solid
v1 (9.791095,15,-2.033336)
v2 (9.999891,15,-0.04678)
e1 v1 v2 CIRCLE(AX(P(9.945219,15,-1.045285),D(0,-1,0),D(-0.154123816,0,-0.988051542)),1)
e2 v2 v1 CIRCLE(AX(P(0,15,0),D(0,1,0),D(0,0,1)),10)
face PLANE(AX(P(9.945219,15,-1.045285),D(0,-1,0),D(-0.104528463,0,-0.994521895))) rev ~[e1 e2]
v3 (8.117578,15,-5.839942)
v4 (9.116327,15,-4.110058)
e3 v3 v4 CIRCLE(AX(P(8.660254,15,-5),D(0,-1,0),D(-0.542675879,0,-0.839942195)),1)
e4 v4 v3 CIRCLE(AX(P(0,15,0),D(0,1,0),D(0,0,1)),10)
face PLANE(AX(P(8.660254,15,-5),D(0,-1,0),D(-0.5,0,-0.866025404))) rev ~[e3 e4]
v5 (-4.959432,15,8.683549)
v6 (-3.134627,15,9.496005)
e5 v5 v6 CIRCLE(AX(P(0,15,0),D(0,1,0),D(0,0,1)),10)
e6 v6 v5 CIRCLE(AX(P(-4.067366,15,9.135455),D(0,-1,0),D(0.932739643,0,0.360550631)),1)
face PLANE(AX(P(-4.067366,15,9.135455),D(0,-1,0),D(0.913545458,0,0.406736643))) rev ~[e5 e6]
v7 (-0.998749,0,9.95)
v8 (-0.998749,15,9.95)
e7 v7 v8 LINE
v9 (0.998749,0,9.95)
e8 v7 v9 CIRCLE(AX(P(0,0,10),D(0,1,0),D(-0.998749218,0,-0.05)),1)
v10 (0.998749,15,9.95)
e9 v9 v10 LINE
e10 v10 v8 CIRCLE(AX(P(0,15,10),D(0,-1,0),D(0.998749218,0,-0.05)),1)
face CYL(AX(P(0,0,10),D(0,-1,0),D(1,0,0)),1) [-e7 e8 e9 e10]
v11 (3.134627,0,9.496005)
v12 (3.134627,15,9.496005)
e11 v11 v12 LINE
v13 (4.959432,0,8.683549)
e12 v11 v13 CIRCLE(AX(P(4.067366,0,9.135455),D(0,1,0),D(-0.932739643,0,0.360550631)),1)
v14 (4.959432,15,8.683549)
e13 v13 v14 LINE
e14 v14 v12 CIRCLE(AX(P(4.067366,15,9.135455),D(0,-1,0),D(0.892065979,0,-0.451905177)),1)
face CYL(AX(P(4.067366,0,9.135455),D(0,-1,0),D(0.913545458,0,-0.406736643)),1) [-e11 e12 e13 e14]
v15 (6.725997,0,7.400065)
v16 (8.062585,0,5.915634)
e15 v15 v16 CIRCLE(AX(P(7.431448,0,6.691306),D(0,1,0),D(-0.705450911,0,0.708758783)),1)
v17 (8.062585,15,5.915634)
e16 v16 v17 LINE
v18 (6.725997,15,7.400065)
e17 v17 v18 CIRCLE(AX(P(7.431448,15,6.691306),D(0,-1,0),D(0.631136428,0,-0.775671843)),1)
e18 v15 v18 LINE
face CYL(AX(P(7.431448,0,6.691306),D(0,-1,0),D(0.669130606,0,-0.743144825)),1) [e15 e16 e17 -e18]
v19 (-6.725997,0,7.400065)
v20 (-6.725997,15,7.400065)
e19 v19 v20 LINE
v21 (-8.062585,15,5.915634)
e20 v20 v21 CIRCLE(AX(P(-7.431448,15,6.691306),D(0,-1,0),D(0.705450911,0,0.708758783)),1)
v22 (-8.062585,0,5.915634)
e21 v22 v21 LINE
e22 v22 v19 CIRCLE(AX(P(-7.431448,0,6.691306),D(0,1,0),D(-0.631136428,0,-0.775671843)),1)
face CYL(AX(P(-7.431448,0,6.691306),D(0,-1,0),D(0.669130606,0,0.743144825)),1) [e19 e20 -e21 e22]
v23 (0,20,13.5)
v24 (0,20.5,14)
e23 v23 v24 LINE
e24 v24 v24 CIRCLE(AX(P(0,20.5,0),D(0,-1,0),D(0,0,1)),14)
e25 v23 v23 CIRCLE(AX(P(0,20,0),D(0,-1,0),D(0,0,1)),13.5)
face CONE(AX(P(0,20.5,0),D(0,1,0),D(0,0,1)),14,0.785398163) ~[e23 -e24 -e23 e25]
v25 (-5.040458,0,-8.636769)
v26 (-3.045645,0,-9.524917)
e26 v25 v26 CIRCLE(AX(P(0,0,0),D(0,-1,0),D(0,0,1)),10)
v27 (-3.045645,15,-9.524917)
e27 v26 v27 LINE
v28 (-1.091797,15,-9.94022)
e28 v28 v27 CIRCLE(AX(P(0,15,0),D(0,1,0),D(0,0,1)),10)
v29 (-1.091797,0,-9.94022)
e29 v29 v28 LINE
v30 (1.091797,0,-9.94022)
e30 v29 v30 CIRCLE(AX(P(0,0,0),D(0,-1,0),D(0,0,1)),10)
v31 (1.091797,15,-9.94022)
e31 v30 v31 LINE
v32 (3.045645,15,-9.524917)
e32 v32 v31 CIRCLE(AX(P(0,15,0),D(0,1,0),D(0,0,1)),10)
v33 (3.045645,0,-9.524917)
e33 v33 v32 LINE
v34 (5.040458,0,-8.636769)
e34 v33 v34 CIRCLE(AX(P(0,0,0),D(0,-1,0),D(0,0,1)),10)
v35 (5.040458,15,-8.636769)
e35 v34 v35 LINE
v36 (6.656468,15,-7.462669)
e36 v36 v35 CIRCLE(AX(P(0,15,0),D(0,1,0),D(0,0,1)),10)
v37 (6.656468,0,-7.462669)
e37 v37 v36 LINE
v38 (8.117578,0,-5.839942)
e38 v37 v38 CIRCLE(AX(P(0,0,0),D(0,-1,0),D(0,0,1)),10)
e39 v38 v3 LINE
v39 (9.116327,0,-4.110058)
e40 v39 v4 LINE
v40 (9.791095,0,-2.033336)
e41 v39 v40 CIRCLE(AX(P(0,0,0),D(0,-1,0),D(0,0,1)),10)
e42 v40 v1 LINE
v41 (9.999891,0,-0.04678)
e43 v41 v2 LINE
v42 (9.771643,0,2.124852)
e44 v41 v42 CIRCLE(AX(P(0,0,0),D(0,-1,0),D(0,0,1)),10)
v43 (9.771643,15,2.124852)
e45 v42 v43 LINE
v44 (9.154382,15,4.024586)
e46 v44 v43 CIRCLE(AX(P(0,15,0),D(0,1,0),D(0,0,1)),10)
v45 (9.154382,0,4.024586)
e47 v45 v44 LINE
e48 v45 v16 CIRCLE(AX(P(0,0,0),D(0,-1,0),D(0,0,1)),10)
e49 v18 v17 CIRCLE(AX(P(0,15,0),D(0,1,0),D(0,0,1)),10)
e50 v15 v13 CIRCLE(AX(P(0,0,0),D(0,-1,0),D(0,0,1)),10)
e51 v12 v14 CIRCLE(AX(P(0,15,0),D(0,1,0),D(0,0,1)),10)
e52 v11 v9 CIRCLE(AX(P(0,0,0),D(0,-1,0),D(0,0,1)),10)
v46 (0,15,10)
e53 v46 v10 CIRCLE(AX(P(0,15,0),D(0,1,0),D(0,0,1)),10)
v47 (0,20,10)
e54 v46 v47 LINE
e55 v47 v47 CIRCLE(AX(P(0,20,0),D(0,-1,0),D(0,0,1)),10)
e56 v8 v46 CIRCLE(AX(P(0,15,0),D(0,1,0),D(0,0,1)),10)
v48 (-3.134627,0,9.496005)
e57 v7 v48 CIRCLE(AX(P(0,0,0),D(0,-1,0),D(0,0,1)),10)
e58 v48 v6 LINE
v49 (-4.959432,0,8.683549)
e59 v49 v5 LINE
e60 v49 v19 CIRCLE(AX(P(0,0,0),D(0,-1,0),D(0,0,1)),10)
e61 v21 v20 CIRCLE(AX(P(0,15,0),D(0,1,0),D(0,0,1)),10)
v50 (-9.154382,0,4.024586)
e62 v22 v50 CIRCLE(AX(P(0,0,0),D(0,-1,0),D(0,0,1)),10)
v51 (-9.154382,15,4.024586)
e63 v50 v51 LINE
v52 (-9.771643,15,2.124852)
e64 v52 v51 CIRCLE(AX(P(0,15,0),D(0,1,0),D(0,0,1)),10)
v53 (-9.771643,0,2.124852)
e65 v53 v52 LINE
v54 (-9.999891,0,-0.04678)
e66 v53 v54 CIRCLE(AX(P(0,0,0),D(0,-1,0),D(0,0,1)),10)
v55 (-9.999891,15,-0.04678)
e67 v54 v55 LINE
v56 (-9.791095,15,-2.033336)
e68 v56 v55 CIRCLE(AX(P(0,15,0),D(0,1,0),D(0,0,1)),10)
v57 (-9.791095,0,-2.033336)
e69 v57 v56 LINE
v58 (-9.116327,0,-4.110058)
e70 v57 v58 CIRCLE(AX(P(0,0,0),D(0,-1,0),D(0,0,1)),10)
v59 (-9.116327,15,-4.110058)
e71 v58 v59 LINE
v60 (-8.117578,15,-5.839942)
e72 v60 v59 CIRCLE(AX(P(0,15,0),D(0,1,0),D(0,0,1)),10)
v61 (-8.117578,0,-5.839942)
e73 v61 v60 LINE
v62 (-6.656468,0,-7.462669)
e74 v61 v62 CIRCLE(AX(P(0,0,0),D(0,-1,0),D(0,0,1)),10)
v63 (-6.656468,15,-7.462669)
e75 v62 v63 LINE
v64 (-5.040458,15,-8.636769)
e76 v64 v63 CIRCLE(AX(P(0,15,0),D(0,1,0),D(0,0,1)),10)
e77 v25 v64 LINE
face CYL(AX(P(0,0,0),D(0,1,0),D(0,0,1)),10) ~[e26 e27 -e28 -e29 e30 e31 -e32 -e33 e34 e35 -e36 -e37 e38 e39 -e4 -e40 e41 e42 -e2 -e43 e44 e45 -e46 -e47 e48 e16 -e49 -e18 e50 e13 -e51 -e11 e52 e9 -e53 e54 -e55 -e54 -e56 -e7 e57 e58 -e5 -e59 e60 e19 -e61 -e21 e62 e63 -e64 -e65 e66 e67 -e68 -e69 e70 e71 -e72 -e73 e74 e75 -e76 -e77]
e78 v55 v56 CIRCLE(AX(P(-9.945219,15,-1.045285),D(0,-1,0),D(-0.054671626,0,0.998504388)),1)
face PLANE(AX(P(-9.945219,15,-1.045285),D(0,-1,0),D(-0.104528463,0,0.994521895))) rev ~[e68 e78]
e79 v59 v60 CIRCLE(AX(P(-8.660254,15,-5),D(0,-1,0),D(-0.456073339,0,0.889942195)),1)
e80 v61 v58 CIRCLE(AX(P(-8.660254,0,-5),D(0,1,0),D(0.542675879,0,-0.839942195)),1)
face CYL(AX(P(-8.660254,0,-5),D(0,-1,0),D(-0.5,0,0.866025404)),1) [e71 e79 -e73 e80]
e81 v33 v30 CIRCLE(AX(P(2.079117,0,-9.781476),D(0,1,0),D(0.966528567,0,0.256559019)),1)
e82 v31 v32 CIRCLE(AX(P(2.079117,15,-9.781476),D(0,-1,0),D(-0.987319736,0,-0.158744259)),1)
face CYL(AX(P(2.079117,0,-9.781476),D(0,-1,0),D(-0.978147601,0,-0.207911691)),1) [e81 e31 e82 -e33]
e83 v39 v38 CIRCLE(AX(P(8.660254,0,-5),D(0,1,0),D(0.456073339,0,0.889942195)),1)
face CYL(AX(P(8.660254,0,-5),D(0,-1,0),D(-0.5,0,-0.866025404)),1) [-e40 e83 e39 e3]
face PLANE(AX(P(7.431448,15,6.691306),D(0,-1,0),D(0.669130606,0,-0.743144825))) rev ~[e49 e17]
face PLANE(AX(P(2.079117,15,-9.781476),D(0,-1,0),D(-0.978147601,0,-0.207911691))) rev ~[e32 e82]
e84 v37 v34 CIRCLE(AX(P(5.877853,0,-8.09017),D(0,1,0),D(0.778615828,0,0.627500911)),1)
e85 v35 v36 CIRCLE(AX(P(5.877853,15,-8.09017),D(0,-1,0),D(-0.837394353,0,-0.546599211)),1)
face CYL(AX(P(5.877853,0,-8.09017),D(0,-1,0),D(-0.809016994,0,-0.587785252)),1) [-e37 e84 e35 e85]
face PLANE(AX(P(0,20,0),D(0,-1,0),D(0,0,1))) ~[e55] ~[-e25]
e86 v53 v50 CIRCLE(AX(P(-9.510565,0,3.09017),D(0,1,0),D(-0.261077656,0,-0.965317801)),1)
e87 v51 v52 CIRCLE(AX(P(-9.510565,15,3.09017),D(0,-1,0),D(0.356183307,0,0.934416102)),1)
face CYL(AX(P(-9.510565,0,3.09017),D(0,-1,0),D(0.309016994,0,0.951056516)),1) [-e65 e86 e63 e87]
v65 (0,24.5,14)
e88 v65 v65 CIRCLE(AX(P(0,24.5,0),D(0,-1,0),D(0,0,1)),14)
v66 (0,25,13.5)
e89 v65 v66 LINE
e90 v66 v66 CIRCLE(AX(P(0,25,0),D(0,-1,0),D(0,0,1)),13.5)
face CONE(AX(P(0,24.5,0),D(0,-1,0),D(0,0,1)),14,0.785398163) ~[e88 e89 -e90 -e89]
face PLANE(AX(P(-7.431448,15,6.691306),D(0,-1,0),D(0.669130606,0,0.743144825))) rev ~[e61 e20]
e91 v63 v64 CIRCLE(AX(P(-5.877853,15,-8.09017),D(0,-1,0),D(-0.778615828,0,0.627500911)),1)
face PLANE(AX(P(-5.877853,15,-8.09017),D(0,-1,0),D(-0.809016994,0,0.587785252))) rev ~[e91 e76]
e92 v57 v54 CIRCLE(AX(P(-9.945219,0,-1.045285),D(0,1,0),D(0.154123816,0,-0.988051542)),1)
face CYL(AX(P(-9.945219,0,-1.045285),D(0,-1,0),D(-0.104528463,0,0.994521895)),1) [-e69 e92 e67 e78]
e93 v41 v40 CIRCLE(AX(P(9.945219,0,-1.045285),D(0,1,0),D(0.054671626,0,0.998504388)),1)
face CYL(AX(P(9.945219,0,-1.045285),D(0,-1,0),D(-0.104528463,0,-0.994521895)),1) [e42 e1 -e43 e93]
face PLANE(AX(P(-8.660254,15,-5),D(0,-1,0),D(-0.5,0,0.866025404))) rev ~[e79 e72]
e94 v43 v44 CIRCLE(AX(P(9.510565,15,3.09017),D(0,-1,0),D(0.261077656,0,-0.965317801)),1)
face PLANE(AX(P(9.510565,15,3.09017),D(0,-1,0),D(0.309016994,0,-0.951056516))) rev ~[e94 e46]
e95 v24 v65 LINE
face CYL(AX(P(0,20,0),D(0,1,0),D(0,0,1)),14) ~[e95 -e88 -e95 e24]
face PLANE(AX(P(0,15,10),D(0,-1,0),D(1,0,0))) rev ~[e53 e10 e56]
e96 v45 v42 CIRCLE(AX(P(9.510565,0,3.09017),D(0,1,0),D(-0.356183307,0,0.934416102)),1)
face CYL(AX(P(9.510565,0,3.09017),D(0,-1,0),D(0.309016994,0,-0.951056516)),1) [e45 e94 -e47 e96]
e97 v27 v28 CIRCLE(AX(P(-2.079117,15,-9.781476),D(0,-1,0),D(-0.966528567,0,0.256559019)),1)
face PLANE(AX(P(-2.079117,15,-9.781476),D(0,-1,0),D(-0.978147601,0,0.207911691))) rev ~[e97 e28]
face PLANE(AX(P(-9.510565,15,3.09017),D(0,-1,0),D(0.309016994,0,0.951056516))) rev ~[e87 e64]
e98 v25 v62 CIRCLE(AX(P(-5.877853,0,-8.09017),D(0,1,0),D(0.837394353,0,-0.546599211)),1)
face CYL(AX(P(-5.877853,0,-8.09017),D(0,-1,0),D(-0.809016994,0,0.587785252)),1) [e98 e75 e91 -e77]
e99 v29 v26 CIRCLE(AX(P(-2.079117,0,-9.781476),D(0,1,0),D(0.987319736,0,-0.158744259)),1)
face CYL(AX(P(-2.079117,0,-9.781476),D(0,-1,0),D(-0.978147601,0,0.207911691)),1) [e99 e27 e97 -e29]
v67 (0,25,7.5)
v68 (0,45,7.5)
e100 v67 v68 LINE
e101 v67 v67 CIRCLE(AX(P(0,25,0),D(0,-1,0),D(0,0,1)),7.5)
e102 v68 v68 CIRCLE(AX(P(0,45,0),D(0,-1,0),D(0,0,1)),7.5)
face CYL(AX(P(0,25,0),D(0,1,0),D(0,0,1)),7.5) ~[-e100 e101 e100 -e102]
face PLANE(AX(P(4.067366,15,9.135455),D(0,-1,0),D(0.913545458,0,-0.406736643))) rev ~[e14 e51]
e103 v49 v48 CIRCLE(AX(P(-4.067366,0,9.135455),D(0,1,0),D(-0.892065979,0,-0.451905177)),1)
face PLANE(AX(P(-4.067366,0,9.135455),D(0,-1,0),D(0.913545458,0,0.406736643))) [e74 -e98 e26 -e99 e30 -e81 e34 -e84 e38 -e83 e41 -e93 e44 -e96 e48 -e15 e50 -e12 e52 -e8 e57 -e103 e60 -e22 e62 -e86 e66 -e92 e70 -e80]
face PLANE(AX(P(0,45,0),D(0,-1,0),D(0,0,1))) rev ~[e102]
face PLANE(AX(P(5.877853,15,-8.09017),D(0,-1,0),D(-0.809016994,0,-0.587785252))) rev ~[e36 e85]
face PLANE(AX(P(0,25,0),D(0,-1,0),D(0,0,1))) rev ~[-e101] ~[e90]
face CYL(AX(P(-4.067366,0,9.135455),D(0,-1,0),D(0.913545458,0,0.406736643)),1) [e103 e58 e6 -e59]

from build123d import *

# Parameters (mm, degrees)
SKETCH3_R           = 1
BOSS_EXTRUDE1_DEPTH = 15
CIRPATTERN1_COUNT   = 15
CHAMFER1_SIZE       = 0.5


with BuildPart() as part:
    # Sketch2 → Revolve1 (revolve)
    with BuildSketch(Plane(origin=(0, 0, 0), x_dir=(0, 0, -1), z_dir=(1, 0, 0)), mode=Mode.PRIVATE) as revolve1_sk:
        Polygon((0, 0), (10, 0), (10, 20), (14, 20), (14, 25), (7.5, 25), (7.5, 45), (0, 45), align=None)
    revolve(revolve1_sk.sketch.rotate(Axis((0, 45, 0), (0, -1, 0)), 180), axis=Axis((0, 45, 0), (0, -1, 0)))

    # Sketch3 → Boss-Extrude1 (add)
    with BuildSketch(Plane.XZ):
        with Locations((0, 10)):
            Circle(SKETCH3_R)
    boss_extrude1 = extrude(amount=-BOSS_EXTRUDE1_DEPTH)

    # CirPattern1: Boss-Extrude1 ×15 about axis
    cirpattern1_axis = Axis((0, 0, 0), (0, 1, 0))
    for i in range(1, CIRPATTERN1_COUNT):
        add(boss_extrude1.rotate(cirpattern1_axis, i * 360 / CIRPATTERN1_COUNT))

    # Chamfer1
    chamfer1_edges = [part.edges().sort_by_distance(p)[0] for p in [
        (0, 25, -14),
        (0, 20, -14),
    ]]
    chamfer(chamfer1_edges, length=CHAMFER1_SIZE)


solid = part.part
